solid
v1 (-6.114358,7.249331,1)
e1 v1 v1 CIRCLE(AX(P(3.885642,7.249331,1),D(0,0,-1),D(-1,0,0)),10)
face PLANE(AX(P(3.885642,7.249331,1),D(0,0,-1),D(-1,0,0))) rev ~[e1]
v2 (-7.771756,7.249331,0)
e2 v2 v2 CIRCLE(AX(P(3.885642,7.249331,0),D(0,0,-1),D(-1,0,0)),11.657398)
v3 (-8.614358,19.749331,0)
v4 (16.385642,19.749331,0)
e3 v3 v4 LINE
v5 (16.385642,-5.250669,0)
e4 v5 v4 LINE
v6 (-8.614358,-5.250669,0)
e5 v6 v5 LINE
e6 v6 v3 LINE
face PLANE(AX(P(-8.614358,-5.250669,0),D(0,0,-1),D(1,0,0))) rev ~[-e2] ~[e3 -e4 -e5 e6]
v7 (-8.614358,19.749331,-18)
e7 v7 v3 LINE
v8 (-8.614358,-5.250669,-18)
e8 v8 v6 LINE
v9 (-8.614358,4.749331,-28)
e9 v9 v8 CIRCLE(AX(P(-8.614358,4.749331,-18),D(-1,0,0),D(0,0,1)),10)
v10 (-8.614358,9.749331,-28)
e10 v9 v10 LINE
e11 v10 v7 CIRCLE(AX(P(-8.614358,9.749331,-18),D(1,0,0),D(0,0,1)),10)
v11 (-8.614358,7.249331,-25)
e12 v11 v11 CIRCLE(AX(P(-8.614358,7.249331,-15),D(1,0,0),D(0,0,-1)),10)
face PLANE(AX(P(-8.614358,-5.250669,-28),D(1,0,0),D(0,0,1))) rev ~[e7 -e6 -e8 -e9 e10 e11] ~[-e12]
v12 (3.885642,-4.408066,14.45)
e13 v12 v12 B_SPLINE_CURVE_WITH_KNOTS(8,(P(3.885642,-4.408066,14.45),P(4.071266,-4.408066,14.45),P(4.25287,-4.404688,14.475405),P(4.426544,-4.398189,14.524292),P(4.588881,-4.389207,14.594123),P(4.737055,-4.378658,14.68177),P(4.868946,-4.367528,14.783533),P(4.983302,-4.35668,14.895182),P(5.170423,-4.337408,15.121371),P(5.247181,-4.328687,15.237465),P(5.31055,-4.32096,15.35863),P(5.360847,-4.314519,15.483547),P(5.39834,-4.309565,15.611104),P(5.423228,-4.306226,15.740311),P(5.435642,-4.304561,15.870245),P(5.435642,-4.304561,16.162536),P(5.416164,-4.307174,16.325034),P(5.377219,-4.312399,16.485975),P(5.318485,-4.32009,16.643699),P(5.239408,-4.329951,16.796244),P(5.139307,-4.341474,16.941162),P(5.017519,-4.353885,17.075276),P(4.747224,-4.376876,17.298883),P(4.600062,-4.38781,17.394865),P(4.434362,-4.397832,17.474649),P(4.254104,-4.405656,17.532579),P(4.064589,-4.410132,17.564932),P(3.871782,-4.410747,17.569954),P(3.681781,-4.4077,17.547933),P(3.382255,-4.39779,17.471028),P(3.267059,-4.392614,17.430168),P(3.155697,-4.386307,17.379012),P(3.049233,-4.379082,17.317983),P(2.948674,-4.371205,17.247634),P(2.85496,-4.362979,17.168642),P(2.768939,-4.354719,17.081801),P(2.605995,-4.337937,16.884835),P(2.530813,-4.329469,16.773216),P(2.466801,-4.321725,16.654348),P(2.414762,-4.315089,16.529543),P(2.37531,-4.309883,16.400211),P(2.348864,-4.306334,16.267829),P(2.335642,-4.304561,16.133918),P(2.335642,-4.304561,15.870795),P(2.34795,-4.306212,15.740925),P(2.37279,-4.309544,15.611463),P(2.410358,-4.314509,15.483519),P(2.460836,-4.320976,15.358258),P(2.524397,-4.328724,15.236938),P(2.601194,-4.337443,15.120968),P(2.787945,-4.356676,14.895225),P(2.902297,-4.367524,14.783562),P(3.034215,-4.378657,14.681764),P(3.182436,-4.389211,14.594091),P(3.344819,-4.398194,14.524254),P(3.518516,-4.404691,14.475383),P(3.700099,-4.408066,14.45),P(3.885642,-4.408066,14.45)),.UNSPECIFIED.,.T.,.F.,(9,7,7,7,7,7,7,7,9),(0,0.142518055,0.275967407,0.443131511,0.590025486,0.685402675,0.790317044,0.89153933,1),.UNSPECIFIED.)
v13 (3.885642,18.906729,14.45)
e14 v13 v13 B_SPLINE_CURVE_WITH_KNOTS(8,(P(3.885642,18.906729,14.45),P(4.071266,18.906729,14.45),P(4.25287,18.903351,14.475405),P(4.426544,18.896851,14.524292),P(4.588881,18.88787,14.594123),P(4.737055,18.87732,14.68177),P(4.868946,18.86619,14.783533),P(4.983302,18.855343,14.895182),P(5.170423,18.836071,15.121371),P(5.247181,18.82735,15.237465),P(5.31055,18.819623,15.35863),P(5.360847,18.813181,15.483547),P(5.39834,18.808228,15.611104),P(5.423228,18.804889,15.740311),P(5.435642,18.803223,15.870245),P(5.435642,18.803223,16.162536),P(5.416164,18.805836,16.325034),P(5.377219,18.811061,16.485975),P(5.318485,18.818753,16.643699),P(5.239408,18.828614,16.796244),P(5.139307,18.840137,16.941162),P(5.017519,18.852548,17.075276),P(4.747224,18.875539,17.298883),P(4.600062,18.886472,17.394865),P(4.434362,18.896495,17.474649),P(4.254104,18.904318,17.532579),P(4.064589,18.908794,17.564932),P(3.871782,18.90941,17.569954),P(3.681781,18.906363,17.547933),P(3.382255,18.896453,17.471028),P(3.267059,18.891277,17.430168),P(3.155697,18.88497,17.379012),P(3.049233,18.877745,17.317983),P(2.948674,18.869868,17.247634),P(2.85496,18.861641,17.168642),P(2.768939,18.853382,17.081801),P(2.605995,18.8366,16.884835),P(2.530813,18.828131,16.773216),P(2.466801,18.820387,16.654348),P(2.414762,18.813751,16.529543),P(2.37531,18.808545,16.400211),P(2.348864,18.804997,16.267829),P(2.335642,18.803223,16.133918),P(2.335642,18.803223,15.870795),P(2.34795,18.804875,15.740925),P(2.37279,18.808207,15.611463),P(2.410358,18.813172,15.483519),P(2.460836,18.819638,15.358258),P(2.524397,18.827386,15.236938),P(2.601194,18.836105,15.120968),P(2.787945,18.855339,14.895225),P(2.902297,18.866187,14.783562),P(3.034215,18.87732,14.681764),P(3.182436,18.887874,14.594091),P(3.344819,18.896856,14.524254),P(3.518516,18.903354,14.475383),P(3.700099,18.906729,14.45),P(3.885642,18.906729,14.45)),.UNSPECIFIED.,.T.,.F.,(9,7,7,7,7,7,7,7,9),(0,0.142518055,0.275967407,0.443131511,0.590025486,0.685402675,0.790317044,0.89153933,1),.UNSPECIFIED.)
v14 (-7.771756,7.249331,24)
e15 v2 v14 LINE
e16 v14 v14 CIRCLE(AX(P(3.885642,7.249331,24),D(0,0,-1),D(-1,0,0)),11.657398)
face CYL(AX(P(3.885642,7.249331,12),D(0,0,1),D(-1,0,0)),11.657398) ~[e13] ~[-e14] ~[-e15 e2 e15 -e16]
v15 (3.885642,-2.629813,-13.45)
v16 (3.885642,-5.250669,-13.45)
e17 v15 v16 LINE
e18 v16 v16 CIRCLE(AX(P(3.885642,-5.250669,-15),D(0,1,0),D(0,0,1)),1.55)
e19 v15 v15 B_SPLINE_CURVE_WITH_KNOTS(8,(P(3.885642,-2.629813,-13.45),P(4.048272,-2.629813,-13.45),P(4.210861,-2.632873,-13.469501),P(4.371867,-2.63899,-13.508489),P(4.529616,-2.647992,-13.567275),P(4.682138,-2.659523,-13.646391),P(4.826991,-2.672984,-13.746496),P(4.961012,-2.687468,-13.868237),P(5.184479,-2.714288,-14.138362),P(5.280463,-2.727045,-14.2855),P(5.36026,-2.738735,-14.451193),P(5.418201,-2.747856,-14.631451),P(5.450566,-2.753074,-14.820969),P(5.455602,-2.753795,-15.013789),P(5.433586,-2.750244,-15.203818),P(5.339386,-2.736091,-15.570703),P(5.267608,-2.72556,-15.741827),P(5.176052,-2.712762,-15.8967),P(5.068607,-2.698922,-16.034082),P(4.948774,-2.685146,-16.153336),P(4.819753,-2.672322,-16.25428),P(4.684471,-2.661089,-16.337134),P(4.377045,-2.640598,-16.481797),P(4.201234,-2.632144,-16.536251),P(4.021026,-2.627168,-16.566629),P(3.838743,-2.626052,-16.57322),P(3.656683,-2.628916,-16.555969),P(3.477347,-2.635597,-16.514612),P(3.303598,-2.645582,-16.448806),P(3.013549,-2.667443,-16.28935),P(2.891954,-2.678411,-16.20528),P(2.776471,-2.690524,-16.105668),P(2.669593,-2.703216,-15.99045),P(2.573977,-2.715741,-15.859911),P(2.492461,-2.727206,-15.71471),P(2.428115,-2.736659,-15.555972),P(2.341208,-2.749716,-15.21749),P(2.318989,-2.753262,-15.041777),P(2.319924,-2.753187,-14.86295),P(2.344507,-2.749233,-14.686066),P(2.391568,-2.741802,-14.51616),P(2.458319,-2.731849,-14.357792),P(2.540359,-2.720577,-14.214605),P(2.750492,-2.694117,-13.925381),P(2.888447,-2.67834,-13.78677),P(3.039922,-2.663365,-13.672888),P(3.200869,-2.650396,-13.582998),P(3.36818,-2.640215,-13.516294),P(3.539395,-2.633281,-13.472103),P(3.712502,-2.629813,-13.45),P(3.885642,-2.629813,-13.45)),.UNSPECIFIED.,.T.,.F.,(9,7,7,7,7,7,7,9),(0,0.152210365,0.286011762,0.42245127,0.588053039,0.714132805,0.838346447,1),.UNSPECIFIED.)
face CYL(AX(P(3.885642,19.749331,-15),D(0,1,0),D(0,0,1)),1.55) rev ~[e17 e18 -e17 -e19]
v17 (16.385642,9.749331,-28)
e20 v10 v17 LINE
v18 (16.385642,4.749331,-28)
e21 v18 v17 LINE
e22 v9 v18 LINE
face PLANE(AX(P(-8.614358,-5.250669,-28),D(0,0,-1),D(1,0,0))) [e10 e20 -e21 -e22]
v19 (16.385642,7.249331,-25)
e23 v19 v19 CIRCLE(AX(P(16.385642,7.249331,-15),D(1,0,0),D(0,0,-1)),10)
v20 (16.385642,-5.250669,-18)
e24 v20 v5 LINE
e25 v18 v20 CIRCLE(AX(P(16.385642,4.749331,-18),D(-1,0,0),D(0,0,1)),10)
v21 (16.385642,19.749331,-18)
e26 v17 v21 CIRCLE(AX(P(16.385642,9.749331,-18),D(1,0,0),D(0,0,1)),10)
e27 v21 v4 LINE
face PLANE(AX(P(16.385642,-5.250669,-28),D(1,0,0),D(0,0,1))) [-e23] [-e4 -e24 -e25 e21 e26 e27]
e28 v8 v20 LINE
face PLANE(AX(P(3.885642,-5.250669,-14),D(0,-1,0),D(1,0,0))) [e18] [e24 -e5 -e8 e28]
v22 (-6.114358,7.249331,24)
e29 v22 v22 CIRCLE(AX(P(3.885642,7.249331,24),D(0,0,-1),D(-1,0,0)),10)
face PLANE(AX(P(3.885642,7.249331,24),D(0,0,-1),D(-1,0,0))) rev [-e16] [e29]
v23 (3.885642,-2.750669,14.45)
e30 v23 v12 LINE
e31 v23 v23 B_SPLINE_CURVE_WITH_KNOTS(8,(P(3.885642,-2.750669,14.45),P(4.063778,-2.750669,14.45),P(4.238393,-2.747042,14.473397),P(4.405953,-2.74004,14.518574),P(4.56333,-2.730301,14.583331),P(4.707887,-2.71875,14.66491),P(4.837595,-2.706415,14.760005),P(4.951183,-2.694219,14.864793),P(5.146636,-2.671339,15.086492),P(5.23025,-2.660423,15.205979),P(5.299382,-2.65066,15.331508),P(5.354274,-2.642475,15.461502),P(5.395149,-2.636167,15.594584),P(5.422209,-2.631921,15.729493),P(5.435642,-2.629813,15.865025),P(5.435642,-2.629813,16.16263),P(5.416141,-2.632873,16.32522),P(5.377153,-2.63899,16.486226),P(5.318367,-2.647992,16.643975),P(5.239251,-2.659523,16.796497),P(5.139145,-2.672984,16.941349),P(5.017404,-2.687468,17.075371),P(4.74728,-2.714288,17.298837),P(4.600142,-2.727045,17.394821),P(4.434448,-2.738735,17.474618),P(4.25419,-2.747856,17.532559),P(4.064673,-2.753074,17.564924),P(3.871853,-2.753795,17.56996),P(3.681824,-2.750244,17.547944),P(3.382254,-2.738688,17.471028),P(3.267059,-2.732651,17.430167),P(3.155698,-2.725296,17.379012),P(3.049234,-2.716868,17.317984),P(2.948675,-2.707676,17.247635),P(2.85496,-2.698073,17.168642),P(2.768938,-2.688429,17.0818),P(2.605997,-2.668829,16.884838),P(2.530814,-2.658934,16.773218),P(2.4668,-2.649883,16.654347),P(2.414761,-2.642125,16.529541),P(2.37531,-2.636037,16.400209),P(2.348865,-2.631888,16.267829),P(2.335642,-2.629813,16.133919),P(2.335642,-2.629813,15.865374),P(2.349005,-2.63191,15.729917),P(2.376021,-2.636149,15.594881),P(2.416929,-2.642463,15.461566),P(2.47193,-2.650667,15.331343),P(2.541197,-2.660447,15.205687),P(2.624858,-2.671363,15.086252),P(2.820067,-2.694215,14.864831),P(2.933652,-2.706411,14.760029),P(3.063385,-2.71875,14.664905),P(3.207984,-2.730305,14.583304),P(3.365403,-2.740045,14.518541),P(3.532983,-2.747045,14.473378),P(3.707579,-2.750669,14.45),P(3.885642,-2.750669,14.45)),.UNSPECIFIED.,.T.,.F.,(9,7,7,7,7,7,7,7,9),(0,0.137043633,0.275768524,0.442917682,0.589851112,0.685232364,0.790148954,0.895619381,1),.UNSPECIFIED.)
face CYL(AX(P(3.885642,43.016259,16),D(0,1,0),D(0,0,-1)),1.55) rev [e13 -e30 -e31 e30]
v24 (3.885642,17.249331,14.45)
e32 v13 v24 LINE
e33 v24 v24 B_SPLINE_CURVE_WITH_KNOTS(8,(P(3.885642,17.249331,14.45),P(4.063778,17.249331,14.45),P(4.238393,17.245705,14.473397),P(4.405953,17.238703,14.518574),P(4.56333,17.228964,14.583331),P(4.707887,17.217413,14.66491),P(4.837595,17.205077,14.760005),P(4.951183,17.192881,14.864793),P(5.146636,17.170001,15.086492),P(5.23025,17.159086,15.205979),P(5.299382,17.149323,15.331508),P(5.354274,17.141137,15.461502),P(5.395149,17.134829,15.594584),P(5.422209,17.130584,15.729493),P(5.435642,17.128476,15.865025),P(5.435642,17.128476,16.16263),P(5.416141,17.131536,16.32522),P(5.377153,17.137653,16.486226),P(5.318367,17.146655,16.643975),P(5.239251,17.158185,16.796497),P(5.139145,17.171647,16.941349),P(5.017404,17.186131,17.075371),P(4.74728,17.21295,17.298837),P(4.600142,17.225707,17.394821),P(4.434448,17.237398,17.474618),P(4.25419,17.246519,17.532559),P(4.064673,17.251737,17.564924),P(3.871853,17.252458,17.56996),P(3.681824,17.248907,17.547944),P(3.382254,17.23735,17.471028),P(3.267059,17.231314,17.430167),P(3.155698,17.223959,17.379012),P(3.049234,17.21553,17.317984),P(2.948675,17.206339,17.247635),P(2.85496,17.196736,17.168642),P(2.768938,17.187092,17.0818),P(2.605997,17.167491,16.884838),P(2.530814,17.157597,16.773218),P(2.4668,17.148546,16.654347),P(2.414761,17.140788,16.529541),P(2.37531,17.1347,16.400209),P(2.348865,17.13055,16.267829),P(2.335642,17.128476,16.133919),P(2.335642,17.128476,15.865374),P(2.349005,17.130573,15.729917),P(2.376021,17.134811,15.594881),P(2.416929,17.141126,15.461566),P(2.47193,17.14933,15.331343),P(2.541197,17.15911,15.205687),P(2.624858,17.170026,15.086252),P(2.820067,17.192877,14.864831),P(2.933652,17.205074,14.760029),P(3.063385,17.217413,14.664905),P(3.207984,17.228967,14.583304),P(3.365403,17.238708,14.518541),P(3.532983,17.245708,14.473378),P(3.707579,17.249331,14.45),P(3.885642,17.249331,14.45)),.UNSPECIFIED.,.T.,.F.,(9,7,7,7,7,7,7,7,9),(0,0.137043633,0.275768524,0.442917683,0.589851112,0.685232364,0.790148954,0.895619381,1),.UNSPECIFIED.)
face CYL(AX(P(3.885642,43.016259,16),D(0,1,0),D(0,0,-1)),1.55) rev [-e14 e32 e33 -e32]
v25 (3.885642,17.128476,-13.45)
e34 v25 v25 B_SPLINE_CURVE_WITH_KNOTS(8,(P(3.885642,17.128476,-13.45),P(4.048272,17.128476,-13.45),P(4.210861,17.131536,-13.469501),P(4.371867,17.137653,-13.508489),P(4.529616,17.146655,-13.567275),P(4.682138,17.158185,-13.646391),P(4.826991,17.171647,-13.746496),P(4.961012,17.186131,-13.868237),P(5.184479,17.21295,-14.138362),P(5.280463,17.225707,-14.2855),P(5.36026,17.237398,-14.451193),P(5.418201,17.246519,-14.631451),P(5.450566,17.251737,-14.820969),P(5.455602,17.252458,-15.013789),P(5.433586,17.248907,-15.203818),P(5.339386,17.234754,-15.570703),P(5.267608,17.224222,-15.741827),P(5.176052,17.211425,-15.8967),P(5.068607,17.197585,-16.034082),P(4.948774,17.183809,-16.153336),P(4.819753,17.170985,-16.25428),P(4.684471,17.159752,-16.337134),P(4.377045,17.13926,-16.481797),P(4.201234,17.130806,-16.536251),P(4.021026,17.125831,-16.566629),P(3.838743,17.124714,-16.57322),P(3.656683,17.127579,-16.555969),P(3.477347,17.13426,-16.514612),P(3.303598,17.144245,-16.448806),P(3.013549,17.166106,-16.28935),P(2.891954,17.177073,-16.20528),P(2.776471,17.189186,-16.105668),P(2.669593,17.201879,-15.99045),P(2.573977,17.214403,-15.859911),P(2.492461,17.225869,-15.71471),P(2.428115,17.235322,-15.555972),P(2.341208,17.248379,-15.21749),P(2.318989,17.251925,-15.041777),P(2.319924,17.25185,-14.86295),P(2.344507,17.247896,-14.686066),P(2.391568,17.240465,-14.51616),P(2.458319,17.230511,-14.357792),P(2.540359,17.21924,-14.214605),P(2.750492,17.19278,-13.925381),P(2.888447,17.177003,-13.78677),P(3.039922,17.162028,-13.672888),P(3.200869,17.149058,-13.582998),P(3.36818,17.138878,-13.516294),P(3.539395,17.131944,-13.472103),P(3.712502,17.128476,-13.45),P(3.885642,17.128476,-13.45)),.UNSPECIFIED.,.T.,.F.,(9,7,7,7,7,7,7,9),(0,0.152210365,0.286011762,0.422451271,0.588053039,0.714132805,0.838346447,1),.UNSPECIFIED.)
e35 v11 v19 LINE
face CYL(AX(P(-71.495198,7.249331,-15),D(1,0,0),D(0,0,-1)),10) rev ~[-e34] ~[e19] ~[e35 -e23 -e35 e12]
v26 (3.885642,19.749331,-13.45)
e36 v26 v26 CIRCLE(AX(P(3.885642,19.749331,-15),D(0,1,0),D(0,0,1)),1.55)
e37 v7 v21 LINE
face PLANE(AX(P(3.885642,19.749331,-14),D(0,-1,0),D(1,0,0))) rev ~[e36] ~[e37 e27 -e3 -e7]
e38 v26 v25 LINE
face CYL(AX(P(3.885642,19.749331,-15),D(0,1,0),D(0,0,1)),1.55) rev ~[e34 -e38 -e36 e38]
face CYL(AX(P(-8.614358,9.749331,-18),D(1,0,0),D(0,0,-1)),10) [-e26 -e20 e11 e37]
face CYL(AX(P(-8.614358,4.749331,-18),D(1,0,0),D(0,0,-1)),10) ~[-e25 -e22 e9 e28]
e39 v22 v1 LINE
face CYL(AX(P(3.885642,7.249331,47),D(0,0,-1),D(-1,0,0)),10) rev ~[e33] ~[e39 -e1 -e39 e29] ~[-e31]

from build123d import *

# Parameters (mm, degrees)
SKETCH_1_W                  = 25
SKETCH_1_H                  = 28
EXTRUDE_1_DEPTH             = 25
SKETCH_2_W                  = 11.657397777
SKETCH_2_H                  = 24
HOLE_WIZARD_20_0_20_1_D     = 20
HOLE_WIZARD_20_0_20_2_D     = 20
HOLE_WIZARD_20_0_20_2_DEPTH = 23
FILLET_1_R                  = 10
CUT_EXTRUDE_1_DEPTH         = 35.766927543
CUT_EXTRUDE_1_DEPTH_BACK    = 35.766927543
SKETCH_7_R                  = 1.55
SKETCH_9_R                  = 1.55
CUT_EXTRUDE_2_DEPTH         = 41.957163608


with BuildPart() as part:
    # 草图1 → 凸台-拉伸1 (new body)
    with BuildSketch(Plane.XZ.offset(5.250668647)):
        with Locations((3.885641605, -14)):
            Rectangle(SKETCH_1_W, SKETCH_1_H)
    extrude(amount=-EXTRUDE_1_DEPTH)

    # 草图2 → 旋转1 (revolve)
    with BuildSketch(Plane.XZ.offset(-7.249331353), mode=Mode.PRIVATE) as revolve_1_sk:
        with Locations((9.714340494, 12)):
            Rectangle(SKETCH_2_W, SKETCH_2_H)
    revolve(revolve_1_sk.sketch.rotate(Axis((3.885641605, 7.249331353, 24), (0, 0, -1)), 180), axis=Axis((3.885641605, 7.249331353, 24), (0, 0, -1)))

    # Ø20.0 (20) 直径孔1 (through all)
    with Locations(Plane.ZY.offset(8.614358395)):
        with Locations((-15, 7.249331353)):
            Hole(HOLE_WIZARD_20_0_20_1_D / 2)

    # Ø20.0 (20) 直径孔2
    with Locations(Plane.XY.offset(24)):
        with Locations((3.885641605, 7.249331353)):
            Hole(HOLE_WIZARD_20_0_20_2_D / 2, depth=HOLE_WIZARD_20_0_20_2_DEPTH)

    # 圆角1
    fillet_1_edges = [part.edges().sort_by_distance(p)[0] for p in [
        (3.885641605, 19.749331353, -28),
        (3.885641605, -5.250668647, -28),
    ]]
    fillet(fillet_1_edges, radius=FILLET_1_R)

    # 草图7 → 切除-拉伸1 (cut, two sides: drawn at the far end of the back side and taken through both)
    with BuildSketch(Plane.XZ.offset(-7.249331353).offset(-CUT_EXTRUDE_1_DEPTH_BACK)):
        with Locations(Location((3.885641605, 16, 0), (0, 0, 270))):
            Circle(SKETCH_7_R)
    extrude(amount=CUT_EXTRUDE_1_DEPTH + CUT_EXTRUDE_1_DEPTH_BACK, mode=Mode.SUBTRACT)

    # 草图9 → 切除-拉伸2 (cut, through all)
    with BuildSketch(Plane(origin=(0, 19.749331353, 0), x_dir=(1, 0, 0), z_dir=(0, 1, 0))):
        with Locations(Location((3.885641605, 15, 0), (0, 0, 270))):
            Circle(SKETCH_9_R)
    extrude(amount=-CUT_EXTRUDE_2_DEPTH, mode=Mode.SUBTRACT)


solid = part.part
